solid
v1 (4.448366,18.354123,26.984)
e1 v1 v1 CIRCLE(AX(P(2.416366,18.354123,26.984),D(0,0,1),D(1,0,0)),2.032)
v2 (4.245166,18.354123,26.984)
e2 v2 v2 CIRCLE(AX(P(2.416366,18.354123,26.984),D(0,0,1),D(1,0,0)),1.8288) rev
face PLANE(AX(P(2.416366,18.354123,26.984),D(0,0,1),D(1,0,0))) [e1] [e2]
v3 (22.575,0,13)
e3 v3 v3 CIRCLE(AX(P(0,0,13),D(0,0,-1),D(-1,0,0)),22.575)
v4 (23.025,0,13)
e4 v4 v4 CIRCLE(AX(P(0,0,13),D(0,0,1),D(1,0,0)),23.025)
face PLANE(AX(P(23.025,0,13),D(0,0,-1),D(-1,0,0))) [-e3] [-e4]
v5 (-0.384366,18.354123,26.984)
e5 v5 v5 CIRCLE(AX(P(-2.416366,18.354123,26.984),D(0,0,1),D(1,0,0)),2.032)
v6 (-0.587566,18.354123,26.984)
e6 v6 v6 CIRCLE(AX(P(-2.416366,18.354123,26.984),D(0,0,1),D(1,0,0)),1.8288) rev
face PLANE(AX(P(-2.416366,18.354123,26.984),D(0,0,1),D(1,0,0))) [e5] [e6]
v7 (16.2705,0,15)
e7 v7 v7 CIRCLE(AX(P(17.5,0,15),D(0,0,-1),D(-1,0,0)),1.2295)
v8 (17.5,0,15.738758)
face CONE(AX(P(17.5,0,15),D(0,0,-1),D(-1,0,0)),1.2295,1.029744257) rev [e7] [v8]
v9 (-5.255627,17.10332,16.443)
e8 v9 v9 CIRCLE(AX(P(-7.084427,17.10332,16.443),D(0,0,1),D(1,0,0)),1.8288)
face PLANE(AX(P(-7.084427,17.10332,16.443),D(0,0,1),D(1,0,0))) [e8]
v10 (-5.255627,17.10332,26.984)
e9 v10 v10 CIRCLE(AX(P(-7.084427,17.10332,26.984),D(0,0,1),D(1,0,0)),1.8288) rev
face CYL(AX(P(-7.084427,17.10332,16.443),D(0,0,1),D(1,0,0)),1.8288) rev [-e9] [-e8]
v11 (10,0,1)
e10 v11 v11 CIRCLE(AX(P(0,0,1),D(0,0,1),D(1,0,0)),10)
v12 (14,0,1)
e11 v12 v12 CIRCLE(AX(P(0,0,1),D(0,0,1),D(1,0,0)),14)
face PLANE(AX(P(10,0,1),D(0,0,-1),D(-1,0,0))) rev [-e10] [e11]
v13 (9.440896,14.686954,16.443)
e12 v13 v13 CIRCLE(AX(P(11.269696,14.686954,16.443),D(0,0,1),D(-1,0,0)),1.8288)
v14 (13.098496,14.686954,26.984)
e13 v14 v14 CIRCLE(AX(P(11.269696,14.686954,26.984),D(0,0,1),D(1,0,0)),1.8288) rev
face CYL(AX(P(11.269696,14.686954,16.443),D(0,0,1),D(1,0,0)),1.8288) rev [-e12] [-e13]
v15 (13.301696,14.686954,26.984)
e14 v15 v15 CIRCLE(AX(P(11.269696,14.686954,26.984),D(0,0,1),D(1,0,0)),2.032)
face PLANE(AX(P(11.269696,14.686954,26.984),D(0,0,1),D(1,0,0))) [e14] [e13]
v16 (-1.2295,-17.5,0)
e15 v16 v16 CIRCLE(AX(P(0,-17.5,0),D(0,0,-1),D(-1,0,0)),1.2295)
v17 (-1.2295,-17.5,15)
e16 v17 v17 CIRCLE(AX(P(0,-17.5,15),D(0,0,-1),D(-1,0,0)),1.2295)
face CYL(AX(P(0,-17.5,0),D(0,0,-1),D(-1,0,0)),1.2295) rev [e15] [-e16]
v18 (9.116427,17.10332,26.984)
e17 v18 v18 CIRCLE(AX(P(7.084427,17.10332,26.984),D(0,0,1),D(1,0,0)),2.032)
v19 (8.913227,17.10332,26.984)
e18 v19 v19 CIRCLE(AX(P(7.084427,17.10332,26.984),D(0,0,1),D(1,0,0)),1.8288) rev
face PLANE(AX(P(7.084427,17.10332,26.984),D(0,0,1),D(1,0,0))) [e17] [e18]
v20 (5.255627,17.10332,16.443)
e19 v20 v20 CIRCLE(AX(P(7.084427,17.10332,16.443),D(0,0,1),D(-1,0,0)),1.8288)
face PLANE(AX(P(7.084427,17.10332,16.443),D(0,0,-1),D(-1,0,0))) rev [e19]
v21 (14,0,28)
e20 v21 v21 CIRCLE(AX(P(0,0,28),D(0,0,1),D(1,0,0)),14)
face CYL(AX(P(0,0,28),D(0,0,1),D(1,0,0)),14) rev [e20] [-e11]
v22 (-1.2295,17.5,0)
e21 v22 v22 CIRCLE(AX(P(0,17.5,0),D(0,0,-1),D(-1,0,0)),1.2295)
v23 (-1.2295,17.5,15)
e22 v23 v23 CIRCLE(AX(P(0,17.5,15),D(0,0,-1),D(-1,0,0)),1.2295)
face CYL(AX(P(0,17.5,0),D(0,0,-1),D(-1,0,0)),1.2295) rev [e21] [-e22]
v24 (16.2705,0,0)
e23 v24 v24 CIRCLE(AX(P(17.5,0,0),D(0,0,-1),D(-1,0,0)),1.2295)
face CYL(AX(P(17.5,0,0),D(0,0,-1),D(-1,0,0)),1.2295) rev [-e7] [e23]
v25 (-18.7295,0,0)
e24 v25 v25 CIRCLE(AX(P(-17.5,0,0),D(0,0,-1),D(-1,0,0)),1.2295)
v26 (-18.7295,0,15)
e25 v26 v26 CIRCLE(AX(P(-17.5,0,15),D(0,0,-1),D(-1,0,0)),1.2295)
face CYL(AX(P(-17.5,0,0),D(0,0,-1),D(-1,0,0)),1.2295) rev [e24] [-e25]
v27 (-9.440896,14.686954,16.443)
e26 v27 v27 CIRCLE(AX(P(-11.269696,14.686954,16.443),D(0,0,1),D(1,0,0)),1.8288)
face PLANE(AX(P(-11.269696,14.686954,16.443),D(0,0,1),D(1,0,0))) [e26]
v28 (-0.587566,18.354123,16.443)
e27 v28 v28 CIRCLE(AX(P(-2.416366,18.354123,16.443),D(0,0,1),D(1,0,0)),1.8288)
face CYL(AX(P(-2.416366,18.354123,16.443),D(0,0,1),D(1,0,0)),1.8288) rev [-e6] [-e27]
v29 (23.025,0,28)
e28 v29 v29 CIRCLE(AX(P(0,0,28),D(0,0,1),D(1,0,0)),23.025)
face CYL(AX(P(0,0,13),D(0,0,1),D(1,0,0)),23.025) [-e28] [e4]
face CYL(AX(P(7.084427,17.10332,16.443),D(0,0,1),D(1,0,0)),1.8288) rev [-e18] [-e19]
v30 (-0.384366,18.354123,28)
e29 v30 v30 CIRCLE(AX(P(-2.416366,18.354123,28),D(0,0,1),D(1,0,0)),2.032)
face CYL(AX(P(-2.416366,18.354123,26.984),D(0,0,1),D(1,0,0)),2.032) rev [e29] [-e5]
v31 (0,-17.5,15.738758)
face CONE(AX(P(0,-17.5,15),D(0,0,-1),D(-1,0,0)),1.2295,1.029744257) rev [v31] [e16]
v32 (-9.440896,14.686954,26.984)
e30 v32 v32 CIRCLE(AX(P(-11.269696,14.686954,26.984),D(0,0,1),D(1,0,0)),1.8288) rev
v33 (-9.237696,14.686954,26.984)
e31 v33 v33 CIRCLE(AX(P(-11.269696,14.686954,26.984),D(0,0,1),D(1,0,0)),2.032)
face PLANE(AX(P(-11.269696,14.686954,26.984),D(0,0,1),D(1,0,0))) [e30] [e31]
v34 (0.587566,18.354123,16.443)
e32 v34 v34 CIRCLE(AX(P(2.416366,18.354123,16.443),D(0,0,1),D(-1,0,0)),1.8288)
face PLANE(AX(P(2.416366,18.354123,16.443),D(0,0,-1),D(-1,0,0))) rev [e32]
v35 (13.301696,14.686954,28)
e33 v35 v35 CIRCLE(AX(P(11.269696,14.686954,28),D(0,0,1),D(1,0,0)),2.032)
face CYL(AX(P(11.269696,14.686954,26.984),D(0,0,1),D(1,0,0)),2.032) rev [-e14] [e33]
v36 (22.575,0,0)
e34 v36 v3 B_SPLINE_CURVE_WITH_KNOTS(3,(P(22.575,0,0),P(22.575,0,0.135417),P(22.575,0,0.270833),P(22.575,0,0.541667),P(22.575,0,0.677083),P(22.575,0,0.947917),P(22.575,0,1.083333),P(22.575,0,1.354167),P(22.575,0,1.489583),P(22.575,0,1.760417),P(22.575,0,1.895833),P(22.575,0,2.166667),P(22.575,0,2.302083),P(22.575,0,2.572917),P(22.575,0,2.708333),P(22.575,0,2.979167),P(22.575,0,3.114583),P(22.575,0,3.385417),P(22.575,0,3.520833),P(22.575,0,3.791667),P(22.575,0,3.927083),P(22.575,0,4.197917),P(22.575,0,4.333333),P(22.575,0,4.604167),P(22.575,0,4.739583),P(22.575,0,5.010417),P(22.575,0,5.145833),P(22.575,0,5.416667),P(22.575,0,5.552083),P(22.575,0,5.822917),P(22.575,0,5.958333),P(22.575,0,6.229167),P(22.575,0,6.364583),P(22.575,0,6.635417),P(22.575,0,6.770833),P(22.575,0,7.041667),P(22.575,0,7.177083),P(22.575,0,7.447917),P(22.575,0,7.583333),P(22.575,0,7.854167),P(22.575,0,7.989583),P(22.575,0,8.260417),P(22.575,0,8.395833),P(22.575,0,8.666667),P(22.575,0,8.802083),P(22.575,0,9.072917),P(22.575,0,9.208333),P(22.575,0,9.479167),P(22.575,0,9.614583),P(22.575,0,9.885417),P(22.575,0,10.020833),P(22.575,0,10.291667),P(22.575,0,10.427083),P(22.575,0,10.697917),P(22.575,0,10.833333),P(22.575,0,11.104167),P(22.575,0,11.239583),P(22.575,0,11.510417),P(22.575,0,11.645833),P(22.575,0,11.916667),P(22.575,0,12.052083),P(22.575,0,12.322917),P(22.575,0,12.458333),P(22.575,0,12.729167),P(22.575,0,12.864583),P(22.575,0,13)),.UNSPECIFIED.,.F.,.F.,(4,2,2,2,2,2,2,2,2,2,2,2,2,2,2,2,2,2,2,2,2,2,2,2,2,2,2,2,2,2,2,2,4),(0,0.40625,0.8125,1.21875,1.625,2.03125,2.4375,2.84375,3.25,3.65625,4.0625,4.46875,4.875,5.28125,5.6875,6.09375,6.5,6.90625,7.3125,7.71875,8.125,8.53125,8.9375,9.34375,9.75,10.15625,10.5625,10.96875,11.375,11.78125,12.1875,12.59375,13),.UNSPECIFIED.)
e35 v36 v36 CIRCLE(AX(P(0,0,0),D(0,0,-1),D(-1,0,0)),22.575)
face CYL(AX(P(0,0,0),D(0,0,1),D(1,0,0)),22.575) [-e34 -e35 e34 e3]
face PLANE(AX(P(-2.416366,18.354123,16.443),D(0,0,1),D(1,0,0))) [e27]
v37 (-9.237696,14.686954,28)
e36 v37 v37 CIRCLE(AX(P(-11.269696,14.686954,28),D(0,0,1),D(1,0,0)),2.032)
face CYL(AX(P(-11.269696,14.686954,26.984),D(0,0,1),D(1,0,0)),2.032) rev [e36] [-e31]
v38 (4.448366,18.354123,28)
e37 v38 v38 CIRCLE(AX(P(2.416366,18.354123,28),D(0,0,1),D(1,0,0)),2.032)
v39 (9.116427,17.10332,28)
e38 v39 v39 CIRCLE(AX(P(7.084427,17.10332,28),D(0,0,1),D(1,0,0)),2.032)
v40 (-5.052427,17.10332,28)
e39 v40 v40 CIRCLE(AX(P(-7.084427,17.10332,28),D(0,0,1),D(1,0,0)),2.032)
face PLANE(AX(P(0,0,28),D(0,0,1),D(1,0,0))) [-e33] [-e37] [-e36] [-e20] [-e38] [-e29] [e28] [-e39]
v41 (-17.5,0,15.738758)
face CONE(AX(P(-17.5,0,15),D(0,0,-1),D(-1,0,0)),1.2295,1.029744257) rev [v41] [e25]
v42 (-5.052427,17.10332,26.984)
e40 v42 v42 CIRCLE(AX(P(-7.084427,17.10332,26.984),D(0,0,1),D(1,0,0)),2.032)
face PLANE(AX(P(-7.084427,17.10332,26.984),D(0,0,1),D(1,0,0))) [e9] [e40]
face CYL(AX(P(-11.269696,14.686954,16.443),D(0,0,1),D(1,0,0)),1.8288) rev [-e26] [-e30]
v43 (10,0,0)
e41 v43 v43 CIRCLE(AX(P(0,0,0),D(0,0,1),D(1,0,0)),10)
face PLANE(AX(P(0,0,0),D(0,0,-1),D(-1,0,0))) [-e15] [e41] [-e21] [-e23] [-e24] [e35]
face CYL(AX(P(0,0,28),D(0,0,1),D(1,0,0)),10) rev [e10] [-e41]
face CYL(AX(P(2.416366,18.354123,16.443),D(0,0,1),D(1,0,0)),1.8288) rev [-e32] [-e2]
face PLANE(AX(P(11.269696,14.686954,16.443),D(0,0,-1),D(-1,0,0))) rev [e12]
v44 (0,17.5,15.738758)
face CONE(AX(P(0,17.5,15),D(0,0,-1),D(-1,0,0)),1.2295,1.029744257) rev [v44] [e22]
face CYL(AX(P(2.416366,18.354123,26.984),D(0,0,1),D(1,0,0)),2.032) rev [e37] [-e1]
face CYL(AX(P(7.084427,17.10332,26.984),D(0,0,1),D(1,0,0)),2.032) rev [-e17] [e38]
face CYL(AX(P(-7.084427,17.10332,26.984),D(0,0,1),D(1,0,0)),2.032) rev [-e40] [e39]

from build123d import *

# Parameters (mm, degrees)
SKETCH1_W                = 23.025
SKETCH1_H                = 15
SKETCH2_R                = 22.575
BOSS_EXTRUDE1_DEPTH      = 13
HOLE1_D                  = 20
HOLE1_CBORE_D            = 28
HOLE1_CBORE_DEPTH        = 27
M2_CLEARANCE_HOLE1_D     = 2.459
M2_CLEARANCE_HOLE1_DEPTH = 14.999999999
M2_CLEARANCE_HOLE1_TIP   = 0.738758131
SKETCH7_R                = 1.8288
CUT_EXTRUDE1_DEPTH       = 11.557
SKETCH8_R                = 2.032
CUT_EXTRUDE2_DEPTH       = 1.016


with BuildPart() as part:
    # Sketch1 → Revolve1 (revolve)
    with BuildSketch(Plane(origin=(0, 0, 0), x_dir=(1, 0, 0), z_dir=(0, 1, 0))):
        with Locations((11.5125, -20.5)):
            Rectangle(SKETCH1_W, SKETCH1_H)
    revolve(axis=Axis((0, 0, 13), (0, 0, 1)))

    # Sketch2 → Boss-Extrude1 (add)
    with BuildSketch(Plane(origin=(0, 0, 13), x_dir=(-1, 0, 0), z_dir=(0, 0, -1))):
        with Locations(Location((0, 0, 0), (0, 0, 180))):
            Circle(SKETCH2_R)
    extrude(amount=BOSS_EXTRUDE1_DEPTH)

    # Hole1 (through all)
    with Locations(Plane.XY.offset(28)):
        with Locations((0, 0)):
            CounterBoreHole(HOLE1_D / 2, HOLE1_CBORE_D / 2, HOLE1_CBORE_DEPTH)

    # M2 Clearance Hole1
    with Locations(Plane(origin=(0, 0, 0), x_dir=(-1, 0, 0), z_dir=(0, 0, -1))):
        with Locations((0, 17.5), (-17.5, 0), (0, -17.5), (17.5, 0)):
            Hole(M2_CLEARANCE_HOLE1_D / 2, depth=M2_CLEARANCE_HOLE1_DEPTH)
            with Locations((0, 0, -(M2_CLEARANCE_HOLE1_DEPTH + M2_CLEARANCE_HOLE1_TIP / 2))):  # 118° drill point
                Cone(0, M2_CLEARANCE_HOLE1_D / 2, M2_CLEARANCE_HOLE1_TIP, mode=Mode.SUBTRACT)

    # Sketch7 → Cut-Extrude1 (cut)
    with BuildSketch(Plane.XY.offset(28)):
        with Locations((-2.416366133, 18.354122996)):
            Circle(SKETCH7_R)
        with Locations((-7.084427042, 17.103319846)):
            Circle(SKETCH7_R)
        with Locations((-11.269695955, 14.686953712)):
            Circle(SKETCH7_R)
        with Locations(Location((11.269695955, 14.686953712, 0), (0, 0, 180))):
            Circle(SKETCH7_R)
        with Locations(Location((7.084427042, 17.103319846, 0), (0, 0, 180))):
            Circle(SKETCH7_R)
        with Locations(Location((2.416366133, 18.354122996, 0), (0, 0, 180))):
            Circle(SKETCH7_R)
    extrude(amount=-CUT_EXTRUDE1_DEPTH, mode=Mode.SUBTRACT)

    # Sketch8 → Cut-Extrude2 (cut)
    with BuildSketch(Plane.XY.offset(28)):
        with Locations((-11.269695955, 14.686953712)):
            Circle(SKETCH8_R)
        with Locations((-7.084427042, 17.103319846)):
            Circle(SKETCH8_R)
        with Locations((-2.416366133, 18.354122996)):
            Circle(SKETCH8_R)
        with Locations((2.416366133, 18.354122996)):
            Circle(SKETCH8_R)
        with Locations((7.084427042, 17.103319846)):
            Circle(SKETCH8_R)
        with Locations((11.269695955, 14.686953712)):
            Circle(SKETCH8_R)
    extrude(amount=-CUT_EXTRUDE2_DEPTH, mode=Mode.SUBTRACT)


solid = part.part
